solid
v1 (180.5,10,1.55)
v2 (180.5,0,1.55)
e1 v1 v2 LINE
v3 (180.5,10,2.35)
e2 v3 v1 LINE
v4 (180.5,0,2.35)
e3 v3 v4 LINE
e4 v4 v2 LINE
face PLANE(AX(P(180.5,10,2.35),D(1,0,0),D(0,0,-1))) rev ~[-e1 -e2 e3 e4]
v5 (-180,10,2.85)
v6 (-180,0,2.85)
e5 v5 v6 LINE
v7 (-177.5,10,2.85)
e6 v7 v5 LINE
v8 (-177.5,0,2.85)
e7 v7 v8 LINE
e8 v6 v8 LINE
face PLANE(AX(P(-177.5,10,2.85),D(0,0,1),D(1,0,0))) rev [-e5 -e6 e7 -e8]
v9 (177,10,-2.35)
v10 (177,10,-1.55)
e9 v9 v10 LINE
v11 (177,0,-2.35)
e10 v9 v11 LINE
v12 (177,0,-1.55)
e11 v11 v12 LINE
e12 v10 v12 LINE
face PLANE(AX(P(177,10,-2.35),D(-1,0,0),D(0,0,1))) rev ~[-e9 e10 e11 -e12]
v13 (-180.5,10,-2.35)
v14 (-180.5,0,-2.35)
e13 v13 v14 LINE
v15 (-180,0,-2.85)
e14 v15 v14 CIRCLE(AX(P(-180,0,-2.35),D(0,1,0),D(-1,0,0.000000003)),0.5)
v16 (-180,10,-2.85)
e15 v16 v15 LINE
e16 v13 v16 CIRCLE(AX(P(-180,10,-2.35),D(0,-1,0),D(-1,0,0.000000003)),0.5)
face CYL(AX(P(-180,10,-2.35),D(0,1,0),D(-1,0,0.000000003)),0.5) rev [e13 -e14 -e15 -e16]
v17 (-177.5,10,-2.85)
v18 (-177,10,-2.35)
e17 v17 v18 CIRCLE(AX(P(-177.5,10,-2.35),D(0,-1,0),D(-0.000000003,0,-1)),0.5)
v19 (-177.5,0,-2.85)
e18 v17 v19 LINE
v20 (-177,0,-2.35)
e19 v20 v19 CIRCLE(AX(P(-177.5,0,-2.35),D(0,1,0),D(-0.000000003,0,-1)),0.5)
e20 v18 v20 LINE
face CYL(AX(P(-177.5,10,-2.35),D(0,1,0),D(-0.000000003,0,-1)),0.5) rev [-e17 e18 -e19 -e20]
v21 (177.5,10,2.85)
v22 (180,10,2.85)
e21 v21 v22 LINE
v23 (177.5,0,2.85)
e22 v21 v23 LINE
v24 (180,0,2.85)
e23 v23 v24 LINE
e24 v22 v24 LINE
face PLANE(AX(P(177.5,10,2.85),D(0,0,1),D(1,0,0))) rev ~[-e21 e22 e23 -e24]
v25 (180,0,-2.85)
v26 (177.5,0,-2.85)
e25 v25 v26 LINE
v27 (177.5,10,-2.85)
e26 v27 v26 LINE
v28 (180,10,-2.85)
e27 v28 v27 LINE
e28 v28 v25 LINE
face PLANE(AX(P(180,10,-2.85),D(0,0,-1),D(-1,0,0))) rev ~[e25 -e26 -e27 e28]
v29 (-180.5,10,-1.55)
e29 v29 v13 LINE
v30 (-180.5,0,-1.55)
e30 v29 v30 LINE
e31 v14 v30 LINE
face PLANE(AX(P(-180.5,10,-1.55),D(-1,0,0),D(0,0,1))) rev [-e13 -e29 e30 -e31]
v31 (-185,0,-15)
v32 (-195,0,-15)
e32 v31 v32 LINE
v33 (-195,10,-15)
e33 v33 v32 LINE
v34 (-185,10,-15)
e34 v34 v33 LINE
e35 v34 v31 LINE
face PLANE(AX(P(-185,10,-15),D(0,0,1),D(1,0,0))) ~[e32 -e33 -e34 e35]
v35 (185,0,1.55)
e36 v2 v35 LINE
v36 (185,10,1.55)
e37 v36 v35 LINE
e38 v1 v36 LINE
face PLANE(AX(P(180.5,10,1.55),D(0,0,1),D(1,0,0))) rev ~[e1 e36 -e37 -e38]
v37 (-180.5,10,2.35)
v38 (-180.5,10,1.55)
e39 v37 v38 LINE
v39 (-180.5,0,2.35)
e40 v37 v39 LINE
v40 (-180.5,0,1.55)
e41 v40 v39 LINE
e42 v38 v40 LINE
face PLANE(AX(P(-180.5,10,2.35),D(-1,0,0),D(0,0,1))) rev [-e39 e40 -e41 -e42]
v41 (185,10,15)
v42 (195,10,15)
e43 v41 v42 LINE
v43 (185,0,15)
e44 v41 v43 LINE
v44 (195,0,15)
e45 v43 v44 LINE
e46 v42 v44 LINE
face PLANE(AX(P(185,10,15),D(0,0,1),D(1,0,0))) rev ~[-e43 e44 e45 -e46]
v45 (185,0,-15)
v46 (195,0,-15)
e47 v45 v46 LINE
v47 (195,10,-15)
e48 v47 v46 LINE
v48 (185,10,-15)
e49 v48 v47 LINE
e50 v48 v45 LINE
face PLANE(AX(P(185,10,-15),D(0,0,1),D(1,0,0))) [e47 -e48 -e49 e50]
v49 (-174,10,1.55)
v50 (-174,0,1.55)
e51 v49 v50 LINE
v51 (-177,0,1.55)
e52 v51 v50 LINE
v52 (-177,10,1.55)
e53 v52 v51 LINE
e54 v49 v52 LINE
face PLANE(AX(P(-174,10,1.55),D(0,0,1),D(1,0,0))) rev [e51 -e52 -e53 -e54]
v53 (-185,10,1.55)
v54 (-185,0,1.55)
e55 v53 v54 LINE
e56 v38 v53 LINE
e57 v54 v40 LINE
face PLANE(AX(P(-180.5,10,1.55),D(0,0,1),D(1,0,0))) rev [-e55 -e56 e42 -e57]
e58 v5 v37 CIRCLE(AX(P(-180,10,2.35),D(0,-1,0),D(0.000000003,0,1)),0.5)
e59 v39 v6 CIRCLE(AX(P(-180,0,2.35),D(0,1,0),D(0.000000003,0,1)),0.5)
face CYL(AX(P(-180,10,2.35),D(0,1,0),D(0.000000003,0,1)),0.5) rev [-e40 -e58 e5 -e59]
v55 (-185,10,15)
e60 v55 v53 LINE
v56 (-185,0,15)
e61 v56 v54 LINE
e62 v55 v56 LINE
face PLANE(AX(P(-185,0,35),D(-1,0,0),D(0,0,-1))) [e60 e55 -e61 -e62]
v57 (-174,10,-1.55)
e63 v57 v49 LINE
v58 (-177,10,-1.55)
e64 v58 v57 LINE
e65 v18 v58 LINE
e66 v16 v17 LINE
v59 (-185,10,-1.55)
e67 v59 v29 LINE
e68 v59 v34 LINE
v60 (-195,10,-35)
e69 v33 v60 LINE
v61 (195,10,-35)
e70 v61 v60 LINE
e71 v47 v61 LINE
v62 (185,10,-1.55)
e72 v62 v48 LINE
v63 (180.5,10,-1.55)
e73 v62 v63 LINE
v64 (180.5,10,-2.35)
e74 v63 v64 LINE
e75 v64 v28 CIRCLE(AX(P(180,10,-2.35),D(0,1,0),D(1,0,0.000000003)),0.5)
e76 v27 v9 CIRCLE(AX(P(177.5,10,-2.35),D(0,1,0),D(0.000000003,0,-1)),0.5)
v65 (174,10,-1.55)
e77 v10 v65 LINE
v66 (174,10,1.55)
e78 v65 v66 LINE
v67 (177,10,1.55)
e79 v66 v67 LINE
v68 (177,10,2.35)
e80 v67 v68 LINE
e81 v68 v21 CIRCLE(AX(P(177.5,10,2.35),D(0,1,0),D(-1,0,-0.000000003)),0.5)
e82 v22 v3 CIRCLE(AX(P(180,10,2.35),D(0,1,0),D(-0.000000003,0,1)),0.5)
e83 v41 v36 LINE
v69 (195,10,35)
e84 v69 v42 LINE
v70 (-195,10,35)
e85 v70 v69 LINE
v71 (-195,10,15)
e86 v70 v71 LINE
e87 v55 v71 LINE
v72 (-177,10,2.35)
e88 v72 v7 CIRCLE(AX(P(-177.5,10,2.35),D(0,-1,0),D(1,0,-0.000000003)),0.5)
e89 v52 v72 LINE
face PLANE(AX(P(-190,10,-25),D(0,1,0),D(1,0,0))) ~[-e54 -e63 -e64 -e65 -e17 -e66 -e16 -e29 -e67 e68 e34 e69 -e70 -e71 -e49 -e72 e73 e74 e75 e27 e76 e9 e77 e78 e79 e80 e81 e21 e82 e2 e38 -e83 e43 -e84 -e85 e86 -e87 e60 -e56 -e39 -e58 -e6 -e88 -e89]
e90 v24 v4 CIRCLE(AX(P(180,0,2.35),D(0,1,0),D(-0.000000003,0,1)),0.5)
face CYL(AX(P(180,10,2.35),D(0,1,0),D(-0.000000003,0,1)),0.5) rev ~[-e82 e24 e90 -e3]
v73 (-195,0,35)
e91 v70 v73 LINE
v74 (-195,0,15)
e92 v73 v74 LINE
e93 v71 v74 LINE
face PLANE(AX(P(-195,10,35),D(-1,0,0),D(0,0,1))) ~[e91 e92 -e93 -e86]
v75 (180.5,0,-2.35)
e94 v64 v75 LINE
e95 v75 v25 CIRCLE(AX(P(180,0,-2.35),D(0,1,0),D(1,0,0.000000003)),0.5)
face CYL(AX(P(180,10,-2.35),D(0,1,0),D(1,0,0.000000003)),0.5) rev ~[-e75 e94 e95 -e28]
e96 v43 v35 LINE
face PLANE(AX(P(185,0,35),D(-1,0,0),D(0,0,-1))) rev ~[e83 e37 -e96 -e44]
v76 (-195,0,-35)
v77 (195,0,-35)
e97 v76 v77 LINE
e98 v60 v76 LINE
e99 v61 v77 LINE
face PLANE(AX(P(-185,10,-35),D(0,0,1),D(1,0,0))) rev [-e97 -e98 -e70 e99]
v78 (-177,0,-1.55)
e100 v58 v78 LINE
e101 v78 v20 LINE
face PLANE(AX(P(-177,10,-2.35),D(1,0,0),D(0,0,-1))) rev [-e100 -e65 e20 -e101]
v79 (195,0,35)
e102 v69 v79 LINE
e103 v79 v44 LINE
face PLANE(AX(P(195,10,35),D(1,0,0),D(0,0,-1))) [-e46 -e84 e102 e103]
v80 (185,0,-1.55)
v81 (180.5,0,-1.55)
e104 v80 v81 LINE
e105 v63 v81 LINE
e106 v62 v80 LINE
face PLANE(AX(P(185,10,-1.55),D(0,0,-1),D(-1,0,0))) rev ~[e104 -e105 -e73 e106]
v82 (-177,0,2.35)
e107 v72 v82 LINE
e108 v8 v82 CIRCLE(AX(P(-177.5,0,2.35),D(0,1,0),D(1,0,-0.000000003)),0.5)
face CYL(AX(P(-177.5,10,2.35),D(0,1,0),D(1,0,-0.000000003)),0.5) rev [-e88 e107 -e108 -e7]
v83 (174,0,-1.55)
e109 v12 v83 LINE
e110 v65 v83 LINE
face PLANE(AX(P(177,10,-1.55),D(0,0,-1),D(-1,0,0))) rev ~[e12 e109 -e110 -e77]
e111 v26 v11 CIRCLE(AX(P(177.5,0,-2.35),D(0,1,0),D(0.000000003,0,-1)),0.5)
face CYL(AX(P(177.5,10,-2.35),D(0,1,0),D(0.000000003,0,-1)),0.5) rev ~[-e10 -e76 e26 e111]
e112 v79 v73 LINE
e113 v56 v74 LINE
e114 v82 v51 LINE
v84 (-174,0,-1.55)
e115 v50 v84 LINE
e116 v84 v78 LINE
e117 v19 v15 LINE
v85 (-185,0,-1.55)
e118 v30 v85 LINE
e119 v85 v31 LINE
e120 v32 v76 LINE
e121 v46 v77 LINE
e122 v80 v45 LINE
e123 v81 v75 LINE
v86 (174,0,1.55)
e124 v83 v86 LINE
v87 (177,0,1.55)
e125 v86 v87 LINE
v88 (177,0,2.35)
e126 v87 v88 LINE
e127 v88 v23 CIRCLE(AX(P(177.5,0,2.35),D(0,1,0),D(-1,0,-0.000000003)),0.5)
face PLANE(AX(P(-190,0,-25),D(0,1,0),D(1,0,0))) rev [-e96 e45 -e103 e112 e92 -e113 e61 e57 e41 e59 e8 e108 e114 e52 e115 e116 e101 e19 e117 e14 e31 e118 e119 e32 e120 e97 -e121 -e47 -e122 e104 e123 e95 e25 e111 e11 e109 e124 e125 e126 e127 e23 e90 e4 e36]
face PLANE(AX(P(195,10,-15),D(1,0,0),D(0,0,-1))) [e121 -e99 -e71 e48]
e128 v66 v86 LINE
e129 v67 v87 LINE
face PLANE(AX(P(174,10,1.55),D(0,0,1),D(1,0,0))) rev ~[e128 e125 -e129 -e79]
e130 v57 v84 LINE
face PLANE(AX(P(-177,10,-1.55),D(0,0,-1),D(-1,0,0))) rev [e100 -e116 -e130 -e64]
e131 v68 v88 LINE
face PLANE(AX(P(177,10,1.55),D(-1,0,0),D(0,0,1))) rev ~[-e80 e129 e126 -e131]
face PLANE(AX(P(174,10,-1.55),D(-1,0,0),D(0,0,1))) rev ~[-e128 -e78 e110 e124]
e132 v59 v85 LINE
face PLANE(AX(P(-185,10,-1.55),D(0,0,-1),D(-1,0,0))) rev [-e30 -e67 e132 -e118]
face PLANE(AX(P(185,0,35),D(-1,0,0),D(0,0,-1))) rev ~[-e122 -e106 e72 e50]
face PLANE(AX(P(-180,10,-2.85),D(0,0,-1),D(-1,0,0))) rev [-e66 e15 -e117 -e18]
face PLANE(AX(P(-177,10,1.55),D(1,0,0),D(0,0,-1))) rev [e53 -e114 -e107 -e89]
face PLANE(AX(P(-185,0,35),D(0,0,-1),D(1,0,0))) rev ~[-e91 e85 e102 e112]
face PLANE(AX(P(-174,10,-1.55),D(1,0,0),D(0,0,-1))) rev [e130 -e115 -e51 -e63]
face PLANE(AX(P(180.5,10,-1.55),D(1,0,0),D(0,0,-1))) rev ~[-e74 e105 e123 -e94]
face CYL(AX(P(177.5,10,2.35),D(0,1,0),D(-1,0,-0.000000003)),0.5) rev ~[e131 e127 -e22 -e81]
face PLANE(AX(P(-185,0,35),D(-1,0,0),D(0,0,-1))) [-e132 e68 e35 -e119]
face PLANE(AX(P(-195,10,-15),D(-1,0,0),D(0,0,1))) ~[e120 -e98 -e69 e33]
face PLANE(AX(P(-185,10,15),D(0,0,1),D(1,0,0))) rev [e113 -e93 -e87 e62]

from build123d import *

# Parameters (mm, degrees)
SKETCH1_W           = 370
SKETCH1_H           = 70
BOSS_EXTRUDE1_DEPTH = 10
SKETCH2_W           = 10
SKETCH2_H           = 20
BOSS_EXTRUDE2_DEPTH = 10
CUT_EXTRUDE1_DEPTH  = 199.368344249


with BuildPart() as part:
    # Sketch1 → Boss-Extrude1 (new body)
    with BuildSketch(Plane(origin=(0, 0, 0), x_dir=(1, 0, 0), z_dir=(0, 1, 0))):
        Rectangle(SKETCH1_W, SKETCH1_H)
    extrude(amount=BOSS_EXTRUDE1_DEPTH)

    # Sketch2 → Boss-Extrude2 (add, through all)
    with BuildSketch(Plane(origin=(0, 10, 0), x_dir=(1, 0, 0), z_dir=(0, 1, 0))):
        with Locations((190, 25)):
            Rectangle(SKETCH2_W, SKETCH2_H)
        with Locations((190, -25)):
            Rectangle(SKETCH2_W, SKETCH2_H)
    boss_extrude2 = extrude(amount=-BOSS_EXTRUDE2_DEPTH)

    # Sketch3 → Cut-Extrude1 (cut, through all)
    with BuildSketch(Plane(origin=(0, 10, 0), x_dir=(1, 0, 0), z_dir=(0, 1, 0))):
        with BuildLine():
            Line((185, -1.55), (185, 1.55))
            Line((185, 1.55), (180.5, 1.55))
            Line((180.5, 1.55), (180.5, 2.35))
            ThreePointArc((180.5, 2.35), (180.353553391, 2.703553391), (180, 2.85))
            Line((180, 2.85), (177.5, 2.85))
            ThreePointArc((177.5, 2.85), (177.146446609, 2.703553391), (177, 2.35))
            Line((177, 2.35), (177, 1.55))
            Line((177, 1.55), (174, 1.55))
            Line((174, 1.55), (174, -1.55))
            Line((174, -1.55), (177, -1.55))
            Line((177, -1.55), (177, -2.35))
            ThreePointArc((177, -2.35), (177.146446609, -2.703553391), (177.5, -2.85))
            Line((177.5, -2.85), (180, -2.85))
            ThreePointArc((180, -2.85), (180.353553391, -2.703553391), (180.5, -2.35))
            Line((180.5, -2.35), (180.5, -1.55))
            Line((180.5, -1.55), (185, -1.55))
        make_face()
    cut_extrude1 = extrude(amount=-CUT_EXTRUDE1_DEPTH, mode=Mode.SUBTRACT)

    # Mirror1: Boss-Extrude2, Cut-Extrude1 across plane
    add(boss_extrude2.mirror(Plane(origin=(0, 0, 0), x_dir=(0, 0, 1), z_dir=(1, 0, 0))))
    add(cut_extrude1.mirror(Plane(origin=(0, 0, 0), x_dir=(0, 0, 1), z_dir=(1, 0, 0))), mode=Mode.SUBTRACT)


solid = part.part
